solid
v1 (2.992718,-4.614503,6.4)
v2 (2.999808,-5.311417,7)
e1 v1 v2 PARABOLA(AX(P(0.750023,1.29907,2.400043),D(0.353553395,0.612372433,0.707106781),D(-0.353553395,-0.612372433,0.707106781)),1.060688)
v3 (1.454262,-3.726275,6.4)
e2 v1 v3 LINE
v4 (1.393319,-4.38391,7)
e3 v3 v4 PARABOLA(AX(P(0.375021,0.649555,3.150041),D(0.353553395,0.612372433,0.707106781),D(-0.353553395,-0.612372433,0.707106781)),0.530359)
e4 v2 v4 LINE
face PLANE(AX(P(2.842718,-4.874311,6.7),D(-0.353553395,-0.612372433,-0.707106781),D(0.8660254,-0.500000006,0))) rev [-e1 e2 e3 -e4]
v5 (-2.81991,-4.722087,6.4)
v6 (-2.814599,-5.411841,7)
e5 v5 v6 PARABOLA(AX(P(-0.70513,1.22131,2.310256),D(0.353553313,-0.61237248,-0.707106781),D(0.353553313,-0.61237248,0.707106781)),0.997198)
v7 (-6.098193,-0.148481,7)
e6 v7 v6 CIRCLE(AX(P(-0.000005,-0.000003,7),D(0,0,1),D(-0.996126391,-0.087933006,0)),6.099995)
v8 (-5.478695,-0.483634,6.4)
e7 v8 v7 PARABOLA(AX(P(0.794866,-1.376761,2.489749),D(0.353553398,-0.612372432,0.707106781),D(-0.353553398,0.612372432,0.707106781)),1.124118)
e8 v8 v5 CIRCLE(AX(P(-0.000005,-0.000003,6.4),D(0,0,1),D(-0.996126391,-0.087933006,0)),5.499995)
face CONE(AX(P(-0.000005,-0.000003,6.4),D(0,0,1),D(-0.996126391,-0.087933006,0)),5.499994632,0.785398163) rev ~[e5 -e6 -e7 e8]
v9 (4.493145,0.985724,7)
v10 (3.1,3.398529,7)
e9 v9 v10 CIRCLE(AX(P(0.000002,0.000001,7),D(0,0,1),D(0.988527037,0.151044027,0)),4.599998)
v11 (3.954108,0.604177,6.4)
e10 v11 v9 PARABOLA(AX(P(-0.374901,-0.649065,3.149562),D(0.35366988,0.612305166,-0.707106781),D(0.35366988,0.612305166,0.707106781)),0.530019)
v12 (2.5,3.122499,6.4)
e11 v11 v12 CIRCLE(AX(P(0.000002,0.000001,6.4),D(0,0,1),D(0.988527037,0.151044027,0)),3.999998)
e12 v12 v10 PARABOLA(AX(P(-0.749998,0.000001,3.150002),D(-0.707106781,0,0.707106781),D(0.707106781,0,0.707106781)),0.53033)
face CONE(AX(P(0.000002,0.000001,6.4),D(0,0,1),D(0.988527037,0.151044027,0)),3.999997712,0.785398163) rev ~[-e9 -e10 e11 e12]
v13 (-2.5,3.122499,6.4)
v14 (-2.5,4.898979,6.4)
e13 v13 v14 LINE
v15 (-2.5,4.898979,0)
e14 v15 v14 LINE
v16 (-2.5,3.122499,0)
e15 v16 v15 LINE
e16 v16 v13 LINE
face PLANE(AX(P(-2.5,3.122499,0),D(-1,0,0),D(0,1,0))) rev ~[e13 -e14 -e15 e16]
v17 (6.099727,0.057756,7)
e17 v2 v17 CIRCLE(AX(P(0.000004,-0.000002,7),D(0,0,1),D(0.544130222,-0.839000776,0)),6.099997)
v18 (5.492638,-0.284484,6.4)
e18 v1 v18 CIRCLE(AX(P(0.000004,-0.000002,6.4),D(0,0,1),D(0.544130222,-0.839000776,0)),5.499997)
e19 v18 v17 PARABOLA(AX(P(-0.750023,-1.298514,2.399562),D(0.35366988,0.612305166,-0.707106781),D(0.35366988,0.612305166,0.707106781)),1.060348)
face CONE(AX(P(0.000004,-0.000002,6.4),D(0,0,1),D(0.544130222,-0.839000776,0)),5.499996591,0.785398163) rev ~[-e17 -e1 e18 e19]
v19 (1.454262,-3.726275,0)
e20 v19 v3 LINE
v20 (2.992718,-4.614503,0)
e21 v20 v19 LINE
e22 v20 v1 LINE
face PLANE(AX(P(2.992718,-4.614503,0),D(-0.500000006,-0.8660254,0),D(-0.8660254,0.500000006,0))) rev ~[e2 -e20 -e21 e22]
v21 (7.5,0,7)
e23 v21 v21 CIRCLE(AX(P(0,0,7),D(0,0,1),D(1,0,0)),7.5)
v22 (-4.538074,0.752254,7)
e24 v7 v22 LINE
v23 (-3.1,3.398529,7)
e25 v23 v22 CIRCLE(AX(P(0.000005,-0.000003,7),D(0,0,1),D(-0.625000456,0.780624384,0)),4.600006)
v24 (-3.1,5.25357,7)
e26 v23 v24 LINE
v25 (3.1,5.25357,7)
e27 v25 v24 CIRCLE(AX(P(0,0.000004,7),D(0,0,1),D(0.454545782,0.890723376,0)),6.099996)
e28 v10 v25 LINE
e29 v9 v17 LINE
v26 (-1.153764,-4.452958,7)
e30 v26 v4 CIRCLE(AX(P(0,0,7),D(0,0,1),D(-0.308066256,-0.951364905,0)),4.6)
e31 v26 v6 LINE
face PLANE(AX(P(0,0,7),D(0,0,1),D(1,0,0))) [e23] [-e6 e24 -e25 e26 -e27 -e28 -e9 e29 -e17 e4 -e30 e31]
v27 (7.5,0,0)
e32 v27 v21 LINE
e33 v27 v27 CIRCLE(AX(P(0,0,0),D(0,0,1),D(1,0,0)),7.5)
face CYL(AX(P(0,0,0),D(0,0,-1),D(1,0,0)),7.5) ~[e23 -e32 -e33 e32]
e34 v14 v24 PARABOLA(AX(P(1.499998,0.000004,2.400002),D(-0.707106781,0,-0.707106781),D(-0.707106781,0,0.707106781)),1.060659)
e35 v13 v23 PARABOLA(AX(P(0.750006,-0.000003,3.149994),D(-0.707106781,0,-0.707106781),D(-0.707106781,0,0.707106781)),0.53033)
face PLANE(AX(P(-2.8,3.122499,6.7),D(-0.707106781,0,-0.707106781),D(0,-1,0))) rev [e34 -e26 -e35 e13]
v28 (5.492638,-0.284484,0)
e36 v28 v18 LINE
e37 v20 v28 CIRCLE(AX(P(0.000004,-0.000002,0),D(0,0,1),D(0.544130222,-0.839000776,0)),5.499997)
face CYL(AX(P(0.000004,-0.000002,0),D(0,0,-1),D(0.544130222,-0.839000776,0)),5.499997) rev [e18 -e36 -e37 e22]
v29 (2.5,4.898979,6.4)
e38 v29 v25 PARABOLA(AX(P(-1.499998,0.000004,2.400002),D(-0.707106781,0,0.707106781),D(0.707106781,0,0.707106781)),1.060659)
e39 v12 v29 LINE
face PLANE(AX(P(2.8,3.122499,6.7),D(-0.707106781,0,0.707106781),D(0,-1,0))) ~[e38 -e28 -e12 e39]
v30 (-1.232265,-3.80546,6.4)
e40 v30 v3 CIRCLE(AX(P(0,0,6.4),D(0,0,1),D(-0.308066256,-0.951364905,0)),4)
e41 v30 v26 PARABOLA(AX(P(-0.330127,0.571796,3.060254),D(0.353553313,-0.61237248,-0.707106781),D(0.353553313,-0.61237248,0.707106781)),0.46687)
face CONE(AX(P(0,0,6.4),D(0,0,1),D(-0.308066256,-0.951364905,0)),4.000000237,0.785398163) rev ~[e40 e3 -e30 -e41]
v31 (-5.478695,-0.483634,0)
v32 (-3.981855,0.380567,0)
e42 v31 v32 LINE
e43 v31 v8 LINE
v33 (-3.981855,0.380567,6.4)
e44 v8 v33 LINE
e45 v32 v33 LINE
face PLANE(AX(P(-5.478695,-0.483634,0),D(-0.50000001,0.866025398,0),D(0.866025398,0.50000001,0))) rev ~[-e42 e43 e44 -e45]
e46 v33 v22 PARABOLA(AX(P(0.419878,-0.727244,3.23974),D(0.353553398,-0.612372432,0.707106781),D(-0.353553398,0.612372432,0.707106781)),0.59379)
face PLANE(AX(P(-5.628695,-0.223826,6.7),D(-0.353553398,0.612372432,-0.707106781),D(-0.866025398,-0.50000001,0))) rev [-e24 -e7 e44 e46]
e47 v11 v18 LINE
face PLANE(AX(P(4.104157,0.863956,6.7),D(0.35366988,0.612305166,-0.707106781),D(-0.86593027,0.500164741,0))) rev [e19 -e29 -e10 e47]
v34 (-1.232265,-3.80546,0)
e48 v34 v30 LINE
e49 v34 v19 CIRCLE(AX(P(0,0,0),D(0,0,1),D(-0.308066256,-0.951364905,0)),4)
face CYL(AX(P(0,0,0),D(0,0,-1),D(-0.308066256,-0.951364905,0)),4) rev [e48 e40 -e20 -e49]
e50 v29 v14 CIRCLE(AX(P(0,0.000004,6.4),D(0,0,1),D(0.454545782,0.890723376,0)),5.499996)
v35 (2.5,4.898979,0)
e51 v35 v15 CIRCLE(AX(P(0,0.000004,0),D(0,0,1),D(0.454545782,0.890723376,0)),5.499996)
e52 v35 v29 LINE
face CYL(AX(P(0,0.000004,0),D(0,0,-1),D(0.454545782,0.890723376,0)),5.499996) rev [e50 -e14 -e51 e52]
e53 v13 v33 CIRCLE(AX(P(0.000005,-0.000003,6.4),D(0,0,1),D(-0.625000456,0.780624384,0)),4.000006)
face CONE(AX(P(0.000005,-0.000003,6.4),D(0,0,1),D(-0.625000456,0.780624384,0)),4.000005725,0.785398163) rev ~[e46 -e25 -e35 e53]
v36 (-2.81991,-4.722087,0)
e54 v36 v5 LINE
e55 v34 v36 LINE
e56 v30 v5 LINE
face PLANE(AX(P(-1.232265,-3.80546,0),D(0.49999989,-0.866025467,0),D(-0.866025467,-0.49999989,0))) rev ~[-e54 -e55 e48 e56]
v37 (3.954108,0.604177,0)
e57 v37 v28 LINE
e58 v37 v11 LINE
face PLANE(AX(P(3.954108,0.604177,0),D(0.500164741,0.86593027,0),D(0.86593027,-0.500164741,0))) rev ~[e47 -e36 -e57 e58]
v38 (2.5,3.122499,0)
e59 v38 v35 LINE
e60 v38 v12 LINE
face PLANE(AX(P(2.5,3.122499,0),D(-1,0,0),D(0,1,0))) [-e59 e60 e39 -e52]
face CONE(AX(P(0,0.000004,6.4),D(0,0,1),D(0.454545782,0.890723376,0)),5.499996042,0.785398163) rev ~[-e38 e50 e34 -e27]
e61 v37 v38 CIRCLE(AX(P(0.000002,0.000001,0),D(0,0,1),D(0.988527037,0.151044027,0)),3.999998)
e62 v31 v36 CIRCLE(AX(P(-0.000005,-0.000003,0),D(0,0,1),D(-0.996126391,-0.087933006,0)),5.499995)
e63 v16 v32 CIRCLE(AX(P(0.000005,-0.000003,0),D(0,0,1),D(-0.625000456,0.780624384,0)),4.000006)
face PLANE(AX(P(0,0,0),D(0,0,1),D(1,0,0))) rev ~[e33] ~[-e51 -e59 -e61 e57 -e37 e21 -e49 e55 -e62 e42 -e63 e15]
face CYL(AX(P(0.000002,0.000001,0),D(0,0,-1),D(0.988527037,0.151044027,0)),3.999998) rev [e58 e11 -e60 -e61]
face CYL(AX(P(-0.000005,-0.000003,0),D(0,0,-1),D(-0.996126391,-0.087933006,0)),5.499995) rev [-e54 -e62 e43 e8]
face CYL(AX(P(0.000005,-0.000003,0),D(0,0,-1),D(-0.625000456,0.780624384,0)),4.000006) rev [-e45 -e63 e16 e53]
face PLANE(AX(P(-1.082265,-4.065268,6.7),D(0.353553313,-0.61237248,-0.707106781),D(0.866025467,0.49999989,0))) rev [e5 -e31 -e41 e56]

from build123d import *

# Parameters (mm, degrees)
SKETCH_R     = 7.5
PAD_DEPTH    = 7
CHAMFER_SIZE = 0.6


with BuildPart() as part:
    # Sketch → Pad (new body)
    with BuildSketch(Plane.XY):
        Circle(SKETCH_R)
        with BuildLine():
            ThreePointArc((-2.5, 3.122499), (-3.518971, 1.901799), (-3.981855, 0.380567))
            Line((-5.478695, -0.483634), (-3.981855, 0.380567))
            ThreePointArc((-5.478695, -0.483634), (-4.659167, -2.922699), (-2.81991, -4.722087))
            Line((-1.232265, -3.80546), (-2.81991, -4.722087))
            ThreePointArc((-1.232265, -3.80546), (0.117848, -3.998264), (1.454262, -3.726275))
            Line((2.992718, -4.614503), (1.454262, -3.726275))
            ThreePointArc((2.992718, -4.614503), (4.763149, -2.749985), (5.492638, -0.284484))
            Line((3.954108, 0.604177), (5.492638, -0.284484))
            ThreePointArc((3.954108, 0.604177), (3.46401, 2.000159), (2.5, 3.122499))
            Line((2.5, 3.122499), (2.5, 4.898979))
            ThreePointArc((2.5, 4.898979), (0, 5.5), (-2.5, 4.898979))
            Line((-2.5, 3.122499), (-2.5, 4.898979))
        make_face(mode=Mode.SUBTRACT)
    extrude(amount=PAD_DEPTH)

    # Chamfer
    chamfer_edges = [part.edges().sort_by_distance(p)[0] for p in [
        (-3.518971, 1.901799, 7),
        (-4.730275, -0.051534, 7),
        (-4.659167, -2.922699, 7),
        (-2.026088, -4.263773, 7),
        (0.117848, -3.998264, 7),
        (2.22349, -4.170389, 7),
        (4.763149, -2.749985, 7),
        (4.723373, 0.159847, 7),
        (3.46401, 2.000159, 7),
        (2.5, 4.010739, 7),
        (0, 5.5, 7),
        (-2.5, 4.010739, 7),
    ]]
    chamfer(chamfer_edges, length=CHAMFER_SIZE)


solid = part.part
